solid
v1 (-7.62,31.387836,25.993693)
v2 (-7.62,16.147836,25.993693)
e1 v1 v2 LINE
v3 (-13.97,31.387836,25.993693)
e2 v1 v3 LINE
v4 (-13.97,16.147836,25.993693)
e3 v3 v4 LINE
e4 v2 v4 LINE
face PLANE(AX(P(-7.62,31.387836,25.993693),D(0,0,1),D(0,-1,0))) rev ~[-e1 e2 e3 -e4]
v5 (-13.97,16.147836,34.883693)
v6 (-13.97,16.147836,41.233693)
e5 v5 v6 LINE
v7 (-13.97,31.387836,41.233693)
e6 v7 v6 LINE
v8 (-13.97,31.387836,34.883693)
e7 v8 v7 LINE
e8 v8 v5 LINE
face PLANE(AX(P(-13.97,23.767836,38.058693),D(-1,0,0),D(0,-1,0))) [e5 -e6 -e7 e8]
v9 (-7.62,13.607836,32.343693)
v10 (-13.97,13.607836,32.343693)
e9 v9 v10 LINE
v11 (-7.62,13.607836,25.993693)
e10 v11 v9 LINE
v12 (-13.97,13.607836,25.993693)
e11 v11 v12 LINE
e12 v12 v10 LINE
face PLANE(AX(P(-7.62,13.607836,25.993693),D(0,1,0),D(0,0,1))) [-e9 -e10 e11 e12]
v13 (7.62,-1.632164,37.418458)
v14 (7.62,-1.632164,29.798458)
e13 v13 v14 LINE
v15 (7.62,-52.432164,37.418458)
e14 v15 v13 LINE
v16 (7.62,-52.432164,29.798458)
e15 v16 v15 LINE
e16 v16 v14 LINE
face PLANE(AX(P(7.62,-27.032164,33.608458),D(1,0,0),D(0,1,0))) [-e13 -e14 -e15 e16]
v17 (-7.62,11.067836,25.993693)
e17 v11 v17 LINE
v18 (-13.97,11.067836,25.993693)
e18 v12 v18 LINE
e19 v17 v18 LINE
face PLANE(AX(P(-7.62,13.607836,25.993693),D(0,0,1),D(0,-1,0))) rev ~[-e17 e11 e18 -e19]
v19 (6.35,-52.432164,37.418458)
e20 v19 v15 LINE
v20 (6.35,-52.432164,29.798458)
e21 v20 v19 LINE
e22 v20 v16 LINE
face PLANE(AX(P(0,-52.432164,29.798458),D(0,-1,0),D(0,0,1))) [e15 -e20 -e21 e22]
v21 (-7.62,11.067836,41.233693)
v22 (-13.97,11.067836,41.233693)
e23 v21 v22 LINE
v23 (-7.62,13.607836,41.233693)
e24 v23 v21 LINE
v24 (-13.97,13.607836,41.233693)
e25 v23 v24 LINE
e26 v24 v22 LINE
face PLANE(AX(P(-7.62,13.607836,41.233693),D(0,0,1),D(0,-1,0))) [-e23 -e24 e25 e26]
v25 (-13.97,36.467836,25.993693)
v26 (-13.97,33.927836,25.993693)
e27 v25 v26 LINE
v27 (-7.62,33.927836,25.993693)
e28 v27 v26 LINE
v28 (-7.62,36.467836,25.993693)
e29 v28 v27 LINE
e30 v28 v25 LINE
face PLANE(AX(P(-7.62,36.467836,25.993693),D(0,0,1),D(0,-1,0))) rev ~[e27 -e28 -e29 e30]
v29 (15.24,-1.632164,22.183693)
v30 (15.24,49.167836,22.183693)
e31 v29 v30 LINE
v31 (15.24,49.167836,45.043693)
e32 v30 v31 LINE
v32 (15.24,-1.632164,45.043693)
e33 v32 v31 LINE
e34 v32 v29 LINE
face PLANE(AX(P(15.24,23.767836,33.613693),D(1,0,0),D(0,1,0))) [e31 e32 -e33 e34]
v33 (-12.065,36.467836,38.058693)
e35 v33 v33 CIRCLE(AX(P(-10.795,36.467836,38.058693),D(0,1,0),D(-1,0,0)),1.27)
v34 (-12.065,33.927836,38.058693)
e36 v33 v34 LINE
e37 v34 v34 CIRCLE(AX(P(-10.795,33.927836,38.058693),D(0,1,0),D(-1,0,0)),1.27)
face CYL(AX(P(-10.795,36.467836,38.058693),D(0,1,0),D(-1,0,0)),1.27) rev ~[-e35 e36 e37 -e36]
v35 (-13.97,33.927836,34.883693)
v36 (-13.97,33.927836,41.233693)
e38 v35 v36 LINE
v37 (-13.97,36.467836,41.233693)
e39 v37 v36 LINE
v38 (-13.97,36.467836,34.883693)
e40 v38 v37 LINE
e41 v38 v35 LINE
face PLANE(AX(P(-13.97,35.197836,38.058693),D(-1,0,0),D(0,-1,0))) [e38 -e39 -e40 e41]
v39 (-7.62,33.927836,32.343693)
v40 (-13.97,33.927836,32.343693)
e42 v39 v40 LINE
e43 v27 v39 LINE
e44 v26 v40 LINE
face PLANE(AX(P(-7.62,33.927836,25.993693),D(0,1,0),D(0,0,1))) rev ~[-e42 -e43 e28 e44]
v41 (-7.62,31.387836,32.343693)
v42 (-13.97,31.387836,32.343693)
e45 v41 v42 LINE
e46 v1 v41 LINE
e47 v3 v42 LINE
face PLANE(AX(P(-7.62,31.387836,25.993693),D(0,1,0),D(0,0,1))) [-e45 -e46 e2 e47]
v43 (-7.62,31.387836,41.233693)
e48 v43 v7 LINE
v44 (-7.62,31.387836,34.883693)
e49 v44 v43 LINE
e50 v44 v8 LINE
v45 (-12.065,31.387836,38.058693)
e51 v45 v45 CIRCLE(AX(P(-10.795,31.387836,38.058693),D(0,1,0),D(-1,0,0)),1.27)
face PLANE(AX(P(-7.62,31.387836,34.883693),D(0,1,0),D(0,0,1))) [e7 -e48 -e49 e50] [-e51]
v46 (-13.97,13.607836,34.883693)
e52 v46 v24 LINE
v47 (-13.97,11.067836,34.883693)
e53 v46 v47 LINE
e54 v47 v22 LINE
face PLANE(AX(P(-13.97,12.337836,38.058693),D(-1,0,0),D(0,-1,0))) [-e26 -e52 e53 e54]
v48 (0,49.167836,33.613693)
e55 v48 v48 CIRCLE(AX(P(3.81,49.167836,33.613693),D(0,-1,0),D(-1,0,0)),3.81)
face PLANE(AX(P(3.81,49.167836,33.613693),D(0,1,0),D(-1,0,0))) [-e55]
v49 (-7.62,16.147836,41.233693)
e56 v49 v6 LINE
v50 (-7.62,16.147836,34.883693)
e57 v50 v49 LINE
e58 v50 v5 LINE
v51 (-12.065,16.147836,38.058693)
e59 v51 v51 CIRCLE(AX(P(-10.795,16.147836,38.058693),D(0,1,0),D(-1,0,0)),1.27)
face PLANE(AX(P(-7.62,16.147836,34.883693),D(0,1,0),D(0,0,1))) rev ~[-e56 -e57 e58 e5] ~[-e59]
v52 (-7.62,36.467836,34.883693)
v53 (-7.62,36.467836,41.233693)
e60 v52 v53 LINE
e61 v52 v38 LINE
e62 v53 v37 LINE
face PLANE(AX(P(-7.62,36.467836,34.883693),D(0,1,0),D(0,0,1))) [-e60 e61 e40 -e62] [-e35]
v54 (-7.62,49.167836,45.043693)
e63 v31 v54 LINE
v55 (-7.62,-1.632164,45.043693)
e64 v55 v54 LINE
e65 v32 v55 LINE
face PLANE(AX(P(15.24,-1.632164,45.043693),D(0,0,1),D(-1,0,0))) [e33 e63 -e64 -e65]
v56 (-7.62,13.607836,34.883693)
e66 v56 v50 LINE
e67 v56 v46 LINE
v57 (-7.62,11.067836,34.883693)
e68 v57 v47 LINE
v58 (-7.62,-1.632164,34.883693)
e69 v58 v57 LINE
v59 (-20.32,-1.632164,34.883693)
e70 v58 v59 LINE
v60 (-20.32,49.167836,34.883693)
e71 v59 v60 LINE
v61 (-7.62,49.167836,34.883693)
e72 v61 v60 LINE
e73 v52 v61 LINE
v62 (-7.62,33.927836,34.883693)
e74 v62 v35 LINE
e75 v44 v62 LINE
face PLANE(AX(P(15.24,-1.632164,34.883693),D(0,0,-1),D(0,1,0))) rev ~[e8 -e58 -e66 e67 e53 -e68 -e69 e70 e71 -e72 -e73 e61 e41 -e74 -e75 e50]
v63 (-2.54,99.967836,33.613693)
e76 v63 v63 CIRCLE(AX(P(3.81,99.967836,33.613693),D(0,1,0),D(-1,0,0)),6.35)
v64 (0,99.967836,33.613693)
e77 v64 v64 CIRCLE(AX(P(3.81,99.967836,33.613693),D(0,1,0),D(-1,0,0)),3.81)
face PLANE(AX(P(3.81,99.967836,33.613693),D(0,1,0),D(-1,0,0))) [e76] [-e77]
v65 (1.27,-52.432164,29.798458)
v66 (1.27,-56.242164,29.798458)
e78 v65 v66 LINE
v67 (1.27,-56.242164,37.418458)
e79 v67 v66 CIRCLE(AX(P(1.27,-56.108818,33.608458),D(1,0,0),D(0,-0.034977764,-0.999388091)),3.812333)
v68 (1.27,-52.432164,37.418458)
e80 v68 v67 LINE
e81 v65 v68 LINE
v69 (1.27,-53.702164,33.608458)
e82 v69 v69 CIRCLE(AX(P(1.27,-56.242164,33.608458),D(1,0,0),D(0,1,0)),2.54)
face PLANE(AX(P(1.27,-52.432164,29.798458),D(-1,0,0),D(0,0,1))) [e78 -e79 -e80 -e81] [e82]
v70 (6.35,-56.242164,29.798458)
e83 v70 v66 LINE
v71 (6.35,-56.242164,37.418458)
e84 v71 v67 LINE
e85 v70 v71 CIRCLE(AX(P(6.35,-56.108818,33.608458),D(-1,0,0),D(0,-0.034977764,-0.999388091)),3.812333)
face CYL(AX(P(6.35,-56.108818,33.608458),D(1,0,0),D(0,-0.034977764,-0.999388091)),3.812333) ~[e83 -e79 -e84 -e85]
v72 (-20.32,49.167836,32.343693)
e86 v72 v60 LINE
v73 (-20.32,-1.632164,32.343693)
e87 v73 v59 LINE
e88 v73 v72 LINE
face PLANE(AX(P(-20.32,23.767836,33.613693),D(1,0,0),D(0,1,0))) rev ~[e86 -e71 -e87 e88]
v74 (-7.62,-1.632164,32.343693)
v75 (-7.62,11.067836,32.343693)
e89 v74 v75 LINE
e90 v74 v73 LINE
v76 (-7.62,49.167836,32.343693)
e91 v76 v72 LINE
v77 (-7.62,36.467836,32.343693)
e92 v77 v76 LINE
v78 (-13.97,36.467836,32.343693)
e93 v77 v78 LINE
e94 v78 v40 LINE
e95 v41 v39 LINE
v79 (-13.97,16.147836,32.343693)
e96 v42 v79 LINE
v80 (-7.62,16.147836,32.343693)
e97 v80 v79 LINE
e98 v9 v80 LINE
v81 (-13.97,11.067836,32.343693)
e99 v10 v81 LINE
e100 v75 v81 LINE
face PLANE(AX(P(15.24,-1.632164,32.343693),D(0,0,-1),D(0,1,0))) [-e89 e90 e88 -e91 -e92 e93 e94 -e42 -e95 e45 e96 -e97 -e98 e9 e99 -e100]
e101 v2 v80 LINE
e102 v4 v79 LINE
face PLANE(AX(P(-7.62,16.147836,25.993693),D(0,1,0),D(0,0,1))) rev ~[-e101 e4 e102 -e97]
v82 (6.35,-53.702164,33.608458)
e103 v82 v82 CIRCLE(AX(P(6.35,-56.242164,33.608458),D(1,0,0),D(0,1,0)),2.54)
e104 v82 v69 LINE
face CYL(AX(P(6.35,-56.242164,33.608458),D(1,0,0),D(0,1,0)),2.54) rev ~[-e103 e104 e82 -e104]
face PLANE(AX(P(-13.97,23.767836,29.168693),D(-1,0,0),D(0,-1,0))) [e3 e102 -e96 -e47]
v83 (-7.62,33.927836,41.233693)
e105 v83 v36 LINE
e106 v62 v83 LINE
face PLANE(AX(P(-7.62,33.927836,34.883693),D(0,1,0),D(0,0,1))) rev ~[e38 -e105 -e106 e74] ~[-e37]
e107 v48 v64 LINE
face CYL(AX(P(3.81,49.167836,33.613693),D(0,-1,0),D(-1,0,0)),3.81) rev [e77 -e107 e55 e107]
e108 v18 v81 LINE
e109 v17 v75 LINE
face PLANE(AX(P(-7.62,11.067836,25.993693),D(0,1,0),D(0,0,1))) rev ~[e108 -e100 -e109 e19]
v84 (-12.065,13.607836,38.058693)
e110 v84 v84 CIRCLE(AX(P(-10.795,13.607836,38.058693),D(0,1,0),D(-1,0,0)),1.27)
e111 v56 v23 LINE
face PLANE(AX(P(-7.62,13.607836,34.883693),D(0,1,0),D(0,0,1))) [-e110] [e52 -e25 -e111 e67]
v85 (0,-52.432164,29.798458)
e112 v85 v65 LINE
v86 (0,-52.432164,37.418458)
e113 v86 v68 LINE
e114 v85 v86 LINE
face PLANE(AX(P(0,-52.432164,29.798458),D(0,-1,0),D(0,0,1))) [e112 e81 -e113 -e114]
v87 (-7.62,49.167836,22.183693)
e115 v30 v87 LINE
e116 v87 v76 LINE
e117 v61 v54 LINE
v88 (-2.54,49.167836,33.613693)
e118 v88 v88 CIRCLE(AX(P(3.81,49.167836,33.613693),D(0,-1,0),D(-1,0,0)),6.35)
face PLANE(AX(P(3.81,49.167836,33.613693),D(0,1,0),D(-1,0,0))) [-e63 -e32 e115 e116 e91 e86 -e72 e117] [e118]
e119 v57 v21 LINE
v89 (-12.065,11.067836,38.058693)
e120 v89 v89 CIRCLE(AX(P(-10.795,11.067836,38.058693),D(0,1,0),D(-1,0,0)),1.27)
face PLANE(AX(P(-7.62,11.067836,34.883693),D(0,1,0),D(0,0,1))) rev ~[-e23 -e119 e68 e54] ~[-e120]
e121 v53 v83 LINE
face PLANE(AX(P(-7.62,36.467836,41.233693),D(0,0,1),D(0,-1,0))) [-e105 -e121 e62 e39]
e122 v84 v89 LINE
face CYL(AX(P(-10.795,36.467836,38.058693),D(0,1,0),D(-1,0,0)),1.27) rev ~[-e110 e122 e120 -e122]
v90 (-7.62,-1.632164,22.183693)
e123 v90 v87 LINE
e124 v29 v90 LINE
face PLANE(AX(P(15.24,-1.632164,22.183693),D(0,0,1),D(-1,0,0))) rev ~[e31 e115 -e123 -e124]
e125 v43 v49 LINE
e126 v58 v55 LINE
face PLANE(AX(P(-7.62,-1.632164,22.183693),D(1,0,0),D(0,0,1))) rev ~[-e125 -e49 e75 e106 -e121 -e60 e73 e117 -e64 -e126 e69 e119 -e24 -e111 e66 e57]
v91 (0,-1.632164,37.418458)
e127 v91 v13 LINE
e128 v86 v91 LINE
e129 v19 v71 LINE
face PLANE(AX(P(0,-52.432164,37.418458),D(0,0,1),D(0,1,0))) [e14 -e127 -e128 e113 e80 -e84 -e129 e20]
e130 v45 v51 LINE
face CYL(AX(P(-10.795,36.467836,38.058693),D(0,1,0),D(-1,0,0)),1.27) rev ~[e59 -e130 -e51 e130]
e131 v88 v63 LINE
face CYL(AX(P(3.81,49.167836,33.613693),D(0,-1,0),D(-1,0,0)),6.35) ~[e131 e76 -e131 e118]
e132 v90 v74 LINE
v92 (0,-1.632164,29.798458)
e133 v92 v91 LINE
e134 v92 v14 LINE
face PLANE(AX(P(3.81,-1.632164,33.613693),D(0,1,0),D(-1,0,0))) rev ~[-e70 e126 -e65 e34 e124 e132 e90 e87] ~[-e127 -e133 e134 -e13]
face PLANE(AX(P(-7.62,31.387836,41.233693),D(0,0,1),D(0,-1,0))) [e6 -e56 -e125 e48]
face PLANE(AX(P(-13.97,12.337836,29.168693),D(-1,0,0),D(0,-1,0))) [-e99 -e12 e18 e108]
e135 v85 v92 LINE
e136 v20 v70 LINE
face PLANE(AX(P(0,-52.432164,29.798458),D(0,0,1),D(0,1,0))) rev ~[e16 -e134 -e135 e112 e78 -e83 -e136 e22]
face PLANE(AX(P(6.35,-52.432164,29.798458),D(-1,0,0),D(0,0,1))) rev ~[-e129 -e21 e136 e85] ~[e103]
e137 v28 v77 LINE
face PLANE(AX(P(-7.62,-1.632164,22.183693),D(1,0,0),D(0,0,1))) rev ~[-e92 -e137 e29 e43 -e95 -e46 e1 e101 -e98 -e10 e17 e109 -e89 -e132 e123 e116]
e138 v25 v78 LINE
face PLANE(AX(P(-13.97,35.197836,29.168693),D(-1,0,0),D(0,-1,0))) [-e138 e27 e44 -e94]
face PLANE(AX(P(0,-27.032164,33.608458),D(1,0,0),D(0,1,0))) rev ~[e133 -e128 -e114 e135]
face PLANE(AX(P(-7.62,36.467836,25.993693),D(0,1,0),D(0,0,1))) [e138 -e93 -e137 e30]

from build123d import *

# Parameters (mm, degrees)
F0_W      = 50.8
F0_H      = 7.62
F1_DEPTH  = 7.62
F2_W      = 5.08
F2_H      = 7.62
F3_DEPTH  = 7.62
F4_R      = 2.54
F5_DEPTH  = 25.4
F6_W      = 22.86
F6_H      = 22.86
F6_W_2    = 7.62
F6_H_2    = 7.62
F7_DEPTH  = 50.8
F8_R      = 6.35
F8_R_2    = 3.81
F9_DEPTH  = 50.8
F10_W     = 50.8
F10_H     = 2.54
F11_DEPTH = 35.56
F12_W     = 2.54
F12_H     = 6.35
F12_W_2   = 15.24
F13_DEPTH = 6.35
F14_R     = 1.27
F15_DEPTH = 25.4
F16_W     = 2.54
F16_H     = 6.35
F16_W_2   = 15.24
F17_DEPTH = 6.35


with BuildPart() as f1:
    # F0 (on Right) → F1 (new body)
    with BuildSketch(Plane.YZ):
        with Locations((-27.0321643911, 33.6084578316)):
            Rectangle(F0_W, F0_H)
    extrude(amount=F1_DEPTH)

    # F2 (on face) → F3 (join)
    with BuildSketch(Plane.XZ.offset(52.4321643911)):
        with Locations((3.81, 33.6084578316)):
            Rectangle(F2_W, F2_H)
    extrude(amount=F3_DEPTH)

    # F4 (on face) → F5 (cut)
    with BuildSketch(Plane.YZ.offset(6.35)):
        with Locations((-56.2421643911, 33.6084578316)):
            Circle(F4_R)
        with BuildLine():
            ThreePointArc((-56.2421643911, 29.7984578316), (-59.9211503168, 33.6084578316), (-56.2421643911, 37.4184578316))
            Line((-56.2421643911, 37.4184578316), (-60.0521643911, 37.4184578316))
            Line((-60.0521643911, 37.4184578316), (-60.0521643911, 29.7984578316))
            Line((-60.0521643911, 29.7984578316), (-56.2421643911, 29.7984578316))
        make_face()
    extrude(amount=-F5_DEPTH, mode=Mode.SUBTRACT)

    # F6 (on face) → F7 (join)
    with BuildSketch(Plane(origin=(0, -1.6321643911, 0), x_dir=(-1, 0, 0), z_dir=(0, 1, 0))):
        with Locations((-3.81, 33.6136929691)):
            Rectangle(F6_W, F6_H)
        with Locations((-3.81, 33.6084578316)):
            Rectangle(F6_W_2, F6_H_2, mode=Mode.SUBTRACT)
        with Locations((-3.81, 33.6084578316)):
            Rectangle(F6_W_2, F6_H_2)
    extrude(amount=F7_DEPTH)

    # F8 (on face) → F9 (join)
    with BuildSketch(Plane(origin=(0, 49.1678356089, 0), x_dir=(-1, 0, 0), z_dir=(0, 1, 0))):
        with Locations((-3.81, 33.6136929691)):
            Circle(F8_R)
        with Locations((-3.81, 33.6136929691)):
            Circle(F8_R_2, mode=Mode.SUBTRACT)
    extrude(amount=F9_DEPTH)

    # F10 (on face) → F11 (join)
    with BuildSketch(Plane.YZ.offset(15.24)):
        with Locations((23.7678356089, 33.6136929691)):
            Rectangle(F10_W, F10_H)
    extrude(amount=-F11_DEPTH)

    # F12 (on face) → F13 (join)
    with BuildSketch(Plane(origin=(-7.62, 0, 0), x_dir=(0, -1, 0), z_dir=(-1, 0, 0))):
        with Locations((-35.1978356089, 38.0586929691)):
            Rectangle(F12_W, F12_H)
        with Locations((-23.7678356089, 38.0586929691)):
            Rectangle(F12_W_2, F12_H)
        with Locations((-12.3378356089, 38.0586929691)):
            Rectangle(F12_W, F12_H)
    extrude(amount=F13_DEPTH)

    # F14 (on face) → F15 (cut)
    with BuildSketch(Plane(origin=(0, 36.4678356089, 0), x_dir=(-1, 0, 0), z_dir=(0, 1, 0))):
        with Locations((10.795, 38.0586929691)):
            Circle(F14_R)
    extrude(amount=-F15_DEPTH, mode=Mode.SUBTRACT)

    # F16 (on face) → F17 (join)
    with BuildSketch(Plane(origin=(-7.62, 0, 0), x_dir=(0, -1, 0), z_dir=(-1, 0, 0))):
        with Locations((-35.1978356089, 29.1686929691)):
            Rectangle(F16_W, F16_H)
        with Locations((-23.7678356089, 29.1686929691)):
            Rectangle(F16_W_2, F16_H)
        with Locations((-12.3378356089, 29.1686929691)):
            Rectangle(F16_W, F16_H)
    extrude(amount=F17_DEPTH)


solid = f1.part
